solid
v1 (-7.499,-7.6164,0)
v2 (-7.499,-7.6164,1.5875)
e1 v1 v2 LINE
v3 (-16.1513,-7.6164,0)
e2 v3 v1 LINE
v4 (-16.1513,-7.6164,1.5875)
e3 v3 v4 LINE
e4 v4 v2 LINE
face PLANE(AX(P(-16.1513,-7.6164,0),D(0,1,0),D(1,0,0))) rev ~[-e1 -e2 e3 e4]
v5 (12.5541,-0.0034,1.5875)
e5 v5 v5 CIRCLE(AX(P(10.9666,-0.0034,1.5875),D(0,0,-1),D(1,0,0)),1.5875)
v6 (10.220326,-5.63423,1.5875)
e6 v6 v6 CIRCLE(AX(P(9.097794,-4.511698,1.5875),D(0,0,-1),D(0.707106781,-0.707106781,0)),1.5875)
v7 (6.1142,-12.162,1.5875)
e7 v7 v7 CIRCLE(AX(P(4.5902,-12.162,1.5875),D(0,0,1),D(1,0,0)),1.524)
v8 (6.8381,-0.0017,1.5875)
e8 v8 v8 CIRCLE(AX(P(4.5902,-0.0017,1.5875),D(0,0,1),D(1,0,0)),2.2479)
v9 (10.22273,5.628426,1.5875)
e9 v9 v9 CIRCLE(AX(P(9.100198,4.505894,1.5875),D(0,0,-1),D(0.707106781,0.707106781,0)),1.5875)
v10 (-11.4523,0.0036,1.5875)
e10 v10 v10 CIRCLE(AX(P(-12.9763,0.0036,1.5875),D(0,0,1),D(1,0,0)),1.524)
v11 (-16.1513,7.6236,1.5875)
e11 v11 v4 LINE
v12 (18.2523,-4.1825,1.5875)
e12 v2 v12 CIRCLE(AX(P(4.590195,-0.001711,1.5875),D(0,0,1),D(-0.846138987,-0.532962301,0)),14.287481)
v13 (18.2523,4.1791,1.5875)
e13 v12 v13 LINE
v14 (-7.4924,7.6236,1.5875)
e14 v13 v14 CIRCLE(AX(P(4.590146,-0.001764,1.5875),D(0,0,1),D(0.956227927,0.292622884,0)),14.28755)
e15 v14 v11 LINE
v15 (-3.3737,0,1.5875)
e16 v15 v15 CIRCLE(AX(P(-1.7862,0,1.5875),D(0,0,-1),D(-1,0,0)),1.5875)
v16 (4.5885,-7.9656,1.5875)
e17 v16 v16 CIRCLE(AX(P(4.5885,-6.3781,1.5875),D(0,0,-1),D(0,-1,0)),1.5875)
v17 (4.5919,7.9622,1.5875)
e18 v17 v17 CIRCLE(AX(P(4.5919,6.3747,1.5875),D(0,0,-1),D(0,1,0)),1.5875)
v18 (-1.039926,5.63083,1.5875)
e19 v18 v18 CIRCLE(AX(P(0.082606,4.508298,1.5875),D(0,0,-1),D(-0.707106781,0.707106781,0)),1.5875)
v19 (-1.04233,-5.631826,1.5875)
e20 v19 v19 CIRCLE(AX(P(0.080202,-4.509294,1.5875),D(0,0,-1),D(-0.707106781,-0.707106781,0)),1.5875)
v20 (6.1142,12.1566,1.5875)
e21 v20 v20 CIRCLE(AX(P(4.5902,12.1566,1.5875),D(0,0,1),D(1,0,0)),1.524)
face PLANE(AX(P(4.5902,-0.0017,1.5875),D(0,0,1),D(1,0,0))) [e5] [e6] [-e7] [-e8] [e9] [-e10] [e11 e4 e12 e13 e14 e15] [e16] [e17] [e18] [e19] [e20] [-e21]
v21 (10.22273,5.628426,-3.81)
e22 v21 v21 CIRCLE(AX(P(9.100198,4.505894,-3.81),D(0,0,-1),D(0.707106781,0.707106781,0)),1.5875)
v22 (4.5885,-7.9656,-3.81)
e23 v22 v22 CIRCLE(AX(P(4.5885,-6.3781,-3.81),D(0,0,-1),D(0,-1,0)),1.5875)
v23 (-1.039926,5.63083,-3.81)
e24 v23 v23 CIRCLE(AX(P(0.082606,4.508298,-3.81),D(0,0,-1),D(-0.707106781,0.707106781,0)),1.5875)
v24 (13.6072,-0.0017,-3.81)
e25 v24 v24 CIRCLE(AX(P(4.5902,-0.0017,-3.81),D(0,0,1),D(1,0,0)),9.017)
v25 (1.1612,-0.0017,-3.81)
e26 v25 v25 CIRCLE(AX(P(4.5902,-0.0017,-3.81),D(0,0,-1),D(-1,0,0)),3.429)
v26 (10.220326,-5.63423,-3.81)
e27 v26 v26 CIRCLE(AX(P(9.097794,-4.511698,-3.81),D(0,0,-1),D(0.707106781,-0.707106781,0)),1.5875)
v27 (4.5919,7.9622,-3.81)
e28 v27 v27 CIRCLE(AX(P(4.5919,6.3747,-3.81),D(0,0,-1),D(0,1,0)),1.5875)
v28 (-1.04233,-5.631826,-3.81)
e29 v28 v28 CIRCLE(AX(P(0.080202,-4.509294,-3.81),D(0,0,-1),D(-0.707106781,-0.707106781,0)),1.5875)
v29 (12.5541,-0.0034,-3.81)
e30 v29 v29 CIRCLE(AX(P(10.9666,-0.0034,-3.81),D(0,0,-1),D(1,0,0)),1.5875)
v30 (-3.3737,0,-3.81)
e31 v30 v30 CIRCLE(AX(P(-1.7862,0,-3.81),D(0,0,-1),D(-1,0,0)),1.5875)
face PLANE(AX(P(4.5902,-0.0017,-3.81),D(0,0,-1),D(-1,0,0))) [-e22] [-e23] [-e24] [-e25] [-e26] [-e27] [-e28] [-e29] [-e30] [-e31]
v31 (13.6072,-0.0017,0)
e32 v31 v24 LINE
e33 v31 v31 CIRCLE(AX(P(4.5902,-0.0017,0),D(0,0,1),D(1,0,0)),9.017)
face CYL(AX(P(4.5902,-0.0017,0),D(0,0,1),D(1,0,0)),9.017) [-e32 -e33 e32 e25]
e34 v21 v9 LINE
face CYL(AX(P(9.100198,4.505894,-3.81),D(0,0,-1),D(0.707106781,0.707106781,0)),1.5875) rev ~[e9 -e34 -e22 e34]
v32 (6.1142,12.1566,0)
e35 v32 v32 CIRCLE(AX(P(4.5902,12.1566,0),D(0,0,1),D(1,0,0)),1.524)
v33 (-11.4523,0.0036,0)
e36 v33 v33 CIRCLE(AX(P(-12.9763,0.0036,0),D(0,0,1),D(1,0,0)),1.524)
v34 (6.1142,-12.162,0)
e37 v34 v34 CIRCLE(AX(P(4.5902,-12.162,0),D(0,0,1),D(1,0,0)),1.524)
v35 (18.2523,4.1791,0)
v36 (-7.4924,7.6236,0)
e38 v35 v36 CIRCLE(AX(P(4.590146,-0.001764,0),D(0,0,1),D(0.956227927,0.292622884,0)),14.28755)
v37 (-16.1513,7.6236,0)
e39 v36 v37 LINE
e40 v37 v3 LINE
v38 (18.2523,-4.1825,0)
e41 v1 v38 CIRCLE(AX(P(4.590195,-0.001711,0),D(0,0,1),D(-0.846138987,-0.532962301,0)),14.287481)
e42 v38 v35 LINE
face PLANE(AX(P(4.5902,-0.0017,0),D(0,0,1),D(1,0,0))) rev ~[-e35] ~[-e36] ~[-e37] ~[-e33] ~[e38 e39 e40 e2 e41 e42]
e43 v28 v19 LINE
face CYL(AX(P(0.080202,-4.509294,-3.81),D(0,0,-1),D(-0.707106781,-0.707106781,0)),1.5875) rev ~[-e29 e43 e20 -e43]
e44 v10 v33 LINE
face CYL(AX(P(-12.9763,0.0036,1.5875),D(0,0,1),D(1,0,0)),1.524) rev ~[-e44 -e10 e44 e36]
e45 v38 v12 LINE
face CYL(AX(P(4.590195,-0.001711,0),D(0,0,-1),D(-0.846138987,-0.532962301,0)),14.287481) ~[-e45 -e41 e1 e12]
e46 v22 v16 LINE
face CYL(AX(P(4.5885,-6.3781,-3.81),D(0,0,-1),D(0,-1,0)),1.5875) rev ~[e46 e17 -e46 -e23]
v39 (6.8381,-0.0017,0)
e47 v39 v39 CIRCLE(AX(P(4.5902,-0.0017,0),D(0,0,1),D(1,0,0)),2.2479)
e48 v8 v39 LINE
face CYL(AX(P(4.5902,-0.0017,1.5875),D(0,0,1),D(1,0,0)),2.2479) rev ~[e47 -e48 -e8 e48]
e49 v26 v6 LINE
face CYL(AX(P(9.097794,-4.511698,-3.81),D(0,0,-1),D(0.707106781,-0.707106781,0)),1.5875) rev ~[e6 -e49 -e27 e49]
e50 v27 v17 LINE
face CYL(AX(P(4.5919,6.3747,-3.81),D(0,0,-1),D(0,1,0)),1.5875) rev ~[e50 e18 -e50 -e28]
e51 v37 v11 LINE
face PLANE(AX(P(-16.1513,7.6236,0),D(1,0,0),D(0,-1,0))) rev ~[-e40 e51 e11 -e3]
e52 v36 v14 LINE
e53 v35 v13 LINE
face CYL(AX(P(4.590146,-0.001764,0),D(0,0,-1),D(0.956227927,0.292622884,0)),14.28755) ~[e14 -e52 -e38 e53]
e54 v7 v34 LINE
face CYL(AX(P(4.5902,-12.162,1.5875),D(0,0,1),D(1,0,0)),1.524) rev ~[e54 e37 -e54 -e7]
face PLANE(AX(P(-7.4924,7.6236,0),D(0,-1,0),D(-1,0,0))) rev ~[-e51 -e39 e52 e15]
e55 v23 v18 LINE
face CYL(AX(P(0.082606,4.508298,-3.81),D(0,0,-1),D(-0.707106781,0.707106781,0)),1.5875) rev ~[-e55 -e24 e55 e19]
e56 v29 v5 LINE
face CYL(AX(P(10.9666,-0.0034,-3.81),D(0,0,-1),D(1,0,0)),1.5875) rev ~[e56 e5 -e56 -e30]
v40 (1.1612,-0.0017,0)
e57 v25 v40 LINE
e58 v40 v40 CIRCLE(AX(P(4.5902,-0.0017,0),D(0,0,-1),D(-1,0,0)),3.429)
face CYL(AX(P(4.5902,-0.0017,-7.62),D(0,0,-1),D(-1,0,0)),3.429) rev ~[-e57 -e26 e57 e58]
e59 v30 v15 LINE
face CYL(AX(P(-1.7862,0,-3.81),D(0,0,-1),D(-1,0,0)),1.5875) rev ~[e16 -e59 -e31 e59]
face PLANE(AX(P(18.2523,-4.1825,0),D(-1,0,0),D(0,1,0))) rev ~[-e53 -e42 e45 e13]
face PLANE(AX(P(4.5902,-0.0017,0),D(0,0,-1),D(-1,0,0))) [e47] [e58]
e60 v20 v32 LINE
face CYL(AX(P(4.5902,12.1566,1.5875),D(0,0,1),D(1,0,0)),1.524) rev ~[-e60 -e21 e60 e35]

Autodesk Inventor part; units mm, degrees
ref_plane "YZ Plane" through (0, 0, 0) normal (1, 0, 0) x (0, 1, 0)
ref_plane "XZ Plane" through (0, 0, 0) normal (0, 1, 0) x (-1, 0, 0)
ref_plane "XY Plane" through (0, 0, 0) normal (0, 0, 1) x (1, 0, 0)
sketch "Sketch1" plane through (0, 0, 0) normal (0, 0, 1) x (1, 0, 0)
  circle A0 centre (4.5902, 12.1566) radius 1.27 projected
  circle A1 centre (4.5902, -12.1619) radius 1.27 projected
  circle A2 centre (-12.9763, 0.0036) radius 1.27 projected
  line L0 (18.2524, -4.1824) -> (18.2524, 4.1791) projected
  arc A3 (18.2524, 4.1791) -> (-7.4923, 7.6236) centre (4.5902, -0.0017) ccw projected
  line L1 (-7.4923, 7.6236) -> (-16.1513, 7.6236) projected
  line L2 (-16.1513, 7.6236) -> (-16.1513, -7.6164) projected
  line L3 (-16.1513, -7.6164) -> (-7.4989, -7.6164) projected
  arc A4 (-7.4989, -7.6164) -> (18.2524, -4.1824) centre (4.5902, -0.0017) ccw projected
  line L4 (-4.9271, -3.1767) -> (-8.2305, -3.1767) projected
  arc A5 (-8.2305, 3.1733) -> (-8.2305, -3.1767) centre (4.5902, -0.0017) ccw projected
  line L5 (-8.2305, 3.1733) -> (-4.9271, 3.1733) projected
  arc A6 (-4.9271, -3.1767) -> (-4.9271, 3.1733) centre (4.5902, -0.0017) ccw projected
  circle A7 centre (4.5902, -0.0017) radius 3.175 projected
  circle A8 centre (4.5902, -0.0017) radius 9.017
  circle A9 centre (4.5902, -0.0017) radius 4.953
  point P0 (0, 0)
  dimension "d0" = 1.778
  dimension "d1" = 1.016
extrude "Extrusion1" add sketch "Sketch1" against normal blind 19.05 contours A8
sketch "Sketch2" plane through (4.5902, -0.0017, 0) normal (0, 0, 1) x (1, 0, 0)
  circle A0 centre (0, 0) radius 4.953 projected
  point P0 (-4.5902, 0.0017)
extrude "Extrusion2" add sketch "Sketch2" against normal blind 7.62
sketch "Sketch3" plane through (0, 0, 0) normal (1, 0, 0) x (0, 1, 0)
  line L0 (3.1733, -8.4292) -> (-3.1767, -8.4292) projected
  point P0 (0, 0)
sketch "Sketch5" plane through (4.5902, -0.0017, 0) normal (0, 0, 1) x (1, 0, 0)
  circle A0 centre (0, 12.1583) radius 1.27 projected
  circle A1 centre (0, -12.1603) radius 1.27 projected
  circle A2 centre (-17.5665, 0.0053) radius 1.27 projected
  line L0 (13.6621, -4.1808) -> (13.6621, 4.1808) projected
  arc A3 (13.6621, 4.1808) -> (-12.0826, 7.6253) centre (0, 0) ccw projected
  line L1 (-12.0826, 7.6253) -> (-20.7415, 7.6253) projected
  line L2 (-20.7415, 7.6253) -> (-20.7415, -7.6147) projected
  line L3 (-20.7415, -7.6147) -> (-12.0892, -7.6147) projected
  arc A4 (-12.0892, -7.6147) -> (13.6621, -4.1808) centre (0, 0) ccw projected
  line L4 (-9.5174, -3.175) -> (-12.8207, -3.175) projected
  arc A5 (-12.8207, 3.175) -> (-12.8207, -3.175) centre (0, 0) ccw projected
  line L5 (-12.8207, 3.175) -> (-9.5174, 3.175) projected
  arc A6 (-9.5174, -3.175) -> (-9.5174, 3.175) centre (0, 0) ccw projected
  point P0 (-4.5902, 0.0017)
extrude "Extrusion4" add sketch "Sketch5" along normal blind 1.5875 contours A4 L3 L2 L1 A3 L0 | L4 A5 L5 A6
sketch "Sketch6" plane through (4.5902, -0.0017, 1.5875) normal (0, 0, 1) x (1, 0, 0)
  circle A0 centre (0, -12.1603) radius 1.27 projected
  circle A1 centre (0, -12.1603) radius 1.524
  circle A2 centre (-17.5665, 0.0053) radius 1.27 projected
  circle A3 centre (-17.5665, 0.0053) radius 1.524
  circle A4 centre (0, 12.1583) radius 1.27 projected
  circle A5 centre (0, 12.1583) radius 1.524
  point P0 (-4.5902, 0.0017)
  dimension "d12" = 3.048
extrude "Extrusion5" cut sketch "Sketch6" against normal blind 1.5875
sketch "Sketch7" plane through (4.5902, -0.0017, -7.62) normal (0, 0, -1) x (-1, 0, 0)
  circle A0 centre (0, 0) radius 3.429
  point P0 (4.5902, 0.0017)
  dimension "d15" = 6.858
extrude "Extrusion6" cut sketch "Sketch7" against normal up to surface (7.62 mm away)
sketch "Sketch8" plane through (0, 0, 0) normal (0, 1, 0) x (-1, 0, 0)
  spline S0 degree 3 poles (-8.0192, -14.5252) (-8.0192, -14.0929) (-7.9325, -13.6329) (-7.5821, -12.7886) (-7.3185, -12.4041) (-6.7114, -11.797) (-6.3268, -11.5333) (-5.4824, -11.1829) (-5.0225, -11.0962) (-4.158, -11.0962) (-3.698, -11.1829) (-2.8537, -11.5333) (-2.4691, -11.797) (-1.862, -12.4041) (-1.5984, -12.7886) (-1.248, -13.6329) (-1.1612, -14.0929) (-1.1612, -14.9574) (-1.248, -15.4174) (-1.5984, -16.2617) (-1.862, -16.6463) (-2.4691, -17.2534) (-2.8537, -17.517) (-3.698, -17.8675) (-4.158, -17.9542) (-5.0225, -17.9542) (-5.4824, -17.8675) (-6.3268, -17.517) (-6.7114, -17.2534) (-7.3185, -16.6463) (-7.5821, -16.2617) (-7.9325, -15.4174) (-8.0192, -14.9574) (-8.0192, -14.5252) knots 0 0 0 0 0.129682 0.129682 0.259363 0.259363 0.389031 0.389031 0.5187 0.5187 0.648368 0.648368 0.778036 0.778036 0.907718 0.907718 1.037399 1.037399 1.167081 1.167081 1.296762 1.296762 1.426431 1.426431 1.556099 1.556099 1.685767 1.685767 1.815435 1.815435 1.945117 1.945117 2.074799 2.074799 2.074799 2.074799 projected
  point P0 (0, 0)
  point P1 (-8.0192, -14.5252)
extrude "Extrusion7" cut sketch "Sketch8" against normal blind 25.4
sketch "Sketch9" plane through (0, 0, 0) normal (1, 0, 0) x (0, 1, 0)
  line L0 (6.3536, -8.255) -> (-6.3464, -8.255) projected
  line L1 (-5.4574, -16.7982) -> (5.4646, -16.7982) projected
  line L2 (5.4646, -8.255) -> (5.4646, -66.0222) projected
  line L3 (-5.4574, -66.0222) -> (-5.4574, -8.255) projected
  line L4 (4.9513, -7.62) -> (4.9513, -19.05) projected
  line L5 (4.9513, -8.255) -> (-5.4574, -8.255)
  line L6 (-5.4574, -8.255) -> (-5.4574, -16.7982)
  line L7 (-5.4574, -16.7982) -> (4.9513, -16.7982)
  line L8 (4.9513, -16.7982) -> (4.9513, -8.255)
  line L9 (4.0885, -8.255) -> (-4.122, -8.255)
  line L10 (-4.122, -8.255) -> (-4.122, -14.2031)
  line L11 (-4.122, -14.2031) -> (4.0885, -14.2031)
  line L12 (4.0885, -14.2031) -> (4.0885, -8.255)
  line L13 (3.81, -8.255) -> (-3.81, -8.255)
  line L14 (-3.81, -8.255) -> (-3.81, -14.605)
  line L15 (-3.81, -14.605) -> (3.81, -14.605)
  line L16 (3.81, -14.605) -> (3.81, -8.255)
  point P0 (0, 0)
  point P1 (0, -14.605)
  dimension "d22" = 6.35
  dimension "d23" = 7.62
extrude "Extrusion8" cut sketch "Sketch9" along normal mid plane 12.7 contours L16 L11 L14 L0 | L16 L15 L14 L11
sketch "Sketch10" plane through (4.5902, -0.0017, 1.5875) normal (0, 0, 1) x (1, 0, 0)
  circle A0 centre (0, 0) radius 3.429 projected
  circle A1 centre (0, 0) radius 2.2479
  point P0 (-4.5902, 0.0017)
  dimension "d24" = 4.4958
extrude "Extrusion9" cut sketch "Sketch10" against normal blind 25.4 contours A1
sketch "Sketch11" plane through (4.5902, -0.0017, -7.62) normal (0, 0, -1) x (-1, 0, 0)
  circle A0 centre (0, 0) radius 4.953
  point P0 (4.5902, 0.0017)
extrude "Extrusion10" cut sketch "Sketch11" against normal blind 3.81
sketch "Sketch12" plane through (4.5902, -0.0017, -19.05) normal (0, 0, -1) x (-1, 0, 0)
  circle A0 centre (0, 0) radius 2.2479 projected
  circle A1 centre (0, 0) radius 36.9649
  point P0 (4.5902, 0.0017)
extrude "Extrusion11" cut sketch "Sketch12" against normal up to surface (15.24 mm away)
sketch "Sketch13" plane through (4.5902, -0.0017, -3.81) normal (0, 0, -1) x (-1, 0, 0)
  circle A0 centre (6.3764, 0.0017) radius 1.5875
  point P0 (4.5902, 0.0017)
  dimension "d31" = 3.175
extrude "Extrusion12" cut sketch "Sketch13" against normal blind 25.4
pattern_circular "Circular Pattern1" count 8 over 360 about axis through (4.5902, -0.0017, 1.5875) along (0, 0, -1) of "Extrusion12"
properties part number "Small Heater Holder for Use With Fan"
